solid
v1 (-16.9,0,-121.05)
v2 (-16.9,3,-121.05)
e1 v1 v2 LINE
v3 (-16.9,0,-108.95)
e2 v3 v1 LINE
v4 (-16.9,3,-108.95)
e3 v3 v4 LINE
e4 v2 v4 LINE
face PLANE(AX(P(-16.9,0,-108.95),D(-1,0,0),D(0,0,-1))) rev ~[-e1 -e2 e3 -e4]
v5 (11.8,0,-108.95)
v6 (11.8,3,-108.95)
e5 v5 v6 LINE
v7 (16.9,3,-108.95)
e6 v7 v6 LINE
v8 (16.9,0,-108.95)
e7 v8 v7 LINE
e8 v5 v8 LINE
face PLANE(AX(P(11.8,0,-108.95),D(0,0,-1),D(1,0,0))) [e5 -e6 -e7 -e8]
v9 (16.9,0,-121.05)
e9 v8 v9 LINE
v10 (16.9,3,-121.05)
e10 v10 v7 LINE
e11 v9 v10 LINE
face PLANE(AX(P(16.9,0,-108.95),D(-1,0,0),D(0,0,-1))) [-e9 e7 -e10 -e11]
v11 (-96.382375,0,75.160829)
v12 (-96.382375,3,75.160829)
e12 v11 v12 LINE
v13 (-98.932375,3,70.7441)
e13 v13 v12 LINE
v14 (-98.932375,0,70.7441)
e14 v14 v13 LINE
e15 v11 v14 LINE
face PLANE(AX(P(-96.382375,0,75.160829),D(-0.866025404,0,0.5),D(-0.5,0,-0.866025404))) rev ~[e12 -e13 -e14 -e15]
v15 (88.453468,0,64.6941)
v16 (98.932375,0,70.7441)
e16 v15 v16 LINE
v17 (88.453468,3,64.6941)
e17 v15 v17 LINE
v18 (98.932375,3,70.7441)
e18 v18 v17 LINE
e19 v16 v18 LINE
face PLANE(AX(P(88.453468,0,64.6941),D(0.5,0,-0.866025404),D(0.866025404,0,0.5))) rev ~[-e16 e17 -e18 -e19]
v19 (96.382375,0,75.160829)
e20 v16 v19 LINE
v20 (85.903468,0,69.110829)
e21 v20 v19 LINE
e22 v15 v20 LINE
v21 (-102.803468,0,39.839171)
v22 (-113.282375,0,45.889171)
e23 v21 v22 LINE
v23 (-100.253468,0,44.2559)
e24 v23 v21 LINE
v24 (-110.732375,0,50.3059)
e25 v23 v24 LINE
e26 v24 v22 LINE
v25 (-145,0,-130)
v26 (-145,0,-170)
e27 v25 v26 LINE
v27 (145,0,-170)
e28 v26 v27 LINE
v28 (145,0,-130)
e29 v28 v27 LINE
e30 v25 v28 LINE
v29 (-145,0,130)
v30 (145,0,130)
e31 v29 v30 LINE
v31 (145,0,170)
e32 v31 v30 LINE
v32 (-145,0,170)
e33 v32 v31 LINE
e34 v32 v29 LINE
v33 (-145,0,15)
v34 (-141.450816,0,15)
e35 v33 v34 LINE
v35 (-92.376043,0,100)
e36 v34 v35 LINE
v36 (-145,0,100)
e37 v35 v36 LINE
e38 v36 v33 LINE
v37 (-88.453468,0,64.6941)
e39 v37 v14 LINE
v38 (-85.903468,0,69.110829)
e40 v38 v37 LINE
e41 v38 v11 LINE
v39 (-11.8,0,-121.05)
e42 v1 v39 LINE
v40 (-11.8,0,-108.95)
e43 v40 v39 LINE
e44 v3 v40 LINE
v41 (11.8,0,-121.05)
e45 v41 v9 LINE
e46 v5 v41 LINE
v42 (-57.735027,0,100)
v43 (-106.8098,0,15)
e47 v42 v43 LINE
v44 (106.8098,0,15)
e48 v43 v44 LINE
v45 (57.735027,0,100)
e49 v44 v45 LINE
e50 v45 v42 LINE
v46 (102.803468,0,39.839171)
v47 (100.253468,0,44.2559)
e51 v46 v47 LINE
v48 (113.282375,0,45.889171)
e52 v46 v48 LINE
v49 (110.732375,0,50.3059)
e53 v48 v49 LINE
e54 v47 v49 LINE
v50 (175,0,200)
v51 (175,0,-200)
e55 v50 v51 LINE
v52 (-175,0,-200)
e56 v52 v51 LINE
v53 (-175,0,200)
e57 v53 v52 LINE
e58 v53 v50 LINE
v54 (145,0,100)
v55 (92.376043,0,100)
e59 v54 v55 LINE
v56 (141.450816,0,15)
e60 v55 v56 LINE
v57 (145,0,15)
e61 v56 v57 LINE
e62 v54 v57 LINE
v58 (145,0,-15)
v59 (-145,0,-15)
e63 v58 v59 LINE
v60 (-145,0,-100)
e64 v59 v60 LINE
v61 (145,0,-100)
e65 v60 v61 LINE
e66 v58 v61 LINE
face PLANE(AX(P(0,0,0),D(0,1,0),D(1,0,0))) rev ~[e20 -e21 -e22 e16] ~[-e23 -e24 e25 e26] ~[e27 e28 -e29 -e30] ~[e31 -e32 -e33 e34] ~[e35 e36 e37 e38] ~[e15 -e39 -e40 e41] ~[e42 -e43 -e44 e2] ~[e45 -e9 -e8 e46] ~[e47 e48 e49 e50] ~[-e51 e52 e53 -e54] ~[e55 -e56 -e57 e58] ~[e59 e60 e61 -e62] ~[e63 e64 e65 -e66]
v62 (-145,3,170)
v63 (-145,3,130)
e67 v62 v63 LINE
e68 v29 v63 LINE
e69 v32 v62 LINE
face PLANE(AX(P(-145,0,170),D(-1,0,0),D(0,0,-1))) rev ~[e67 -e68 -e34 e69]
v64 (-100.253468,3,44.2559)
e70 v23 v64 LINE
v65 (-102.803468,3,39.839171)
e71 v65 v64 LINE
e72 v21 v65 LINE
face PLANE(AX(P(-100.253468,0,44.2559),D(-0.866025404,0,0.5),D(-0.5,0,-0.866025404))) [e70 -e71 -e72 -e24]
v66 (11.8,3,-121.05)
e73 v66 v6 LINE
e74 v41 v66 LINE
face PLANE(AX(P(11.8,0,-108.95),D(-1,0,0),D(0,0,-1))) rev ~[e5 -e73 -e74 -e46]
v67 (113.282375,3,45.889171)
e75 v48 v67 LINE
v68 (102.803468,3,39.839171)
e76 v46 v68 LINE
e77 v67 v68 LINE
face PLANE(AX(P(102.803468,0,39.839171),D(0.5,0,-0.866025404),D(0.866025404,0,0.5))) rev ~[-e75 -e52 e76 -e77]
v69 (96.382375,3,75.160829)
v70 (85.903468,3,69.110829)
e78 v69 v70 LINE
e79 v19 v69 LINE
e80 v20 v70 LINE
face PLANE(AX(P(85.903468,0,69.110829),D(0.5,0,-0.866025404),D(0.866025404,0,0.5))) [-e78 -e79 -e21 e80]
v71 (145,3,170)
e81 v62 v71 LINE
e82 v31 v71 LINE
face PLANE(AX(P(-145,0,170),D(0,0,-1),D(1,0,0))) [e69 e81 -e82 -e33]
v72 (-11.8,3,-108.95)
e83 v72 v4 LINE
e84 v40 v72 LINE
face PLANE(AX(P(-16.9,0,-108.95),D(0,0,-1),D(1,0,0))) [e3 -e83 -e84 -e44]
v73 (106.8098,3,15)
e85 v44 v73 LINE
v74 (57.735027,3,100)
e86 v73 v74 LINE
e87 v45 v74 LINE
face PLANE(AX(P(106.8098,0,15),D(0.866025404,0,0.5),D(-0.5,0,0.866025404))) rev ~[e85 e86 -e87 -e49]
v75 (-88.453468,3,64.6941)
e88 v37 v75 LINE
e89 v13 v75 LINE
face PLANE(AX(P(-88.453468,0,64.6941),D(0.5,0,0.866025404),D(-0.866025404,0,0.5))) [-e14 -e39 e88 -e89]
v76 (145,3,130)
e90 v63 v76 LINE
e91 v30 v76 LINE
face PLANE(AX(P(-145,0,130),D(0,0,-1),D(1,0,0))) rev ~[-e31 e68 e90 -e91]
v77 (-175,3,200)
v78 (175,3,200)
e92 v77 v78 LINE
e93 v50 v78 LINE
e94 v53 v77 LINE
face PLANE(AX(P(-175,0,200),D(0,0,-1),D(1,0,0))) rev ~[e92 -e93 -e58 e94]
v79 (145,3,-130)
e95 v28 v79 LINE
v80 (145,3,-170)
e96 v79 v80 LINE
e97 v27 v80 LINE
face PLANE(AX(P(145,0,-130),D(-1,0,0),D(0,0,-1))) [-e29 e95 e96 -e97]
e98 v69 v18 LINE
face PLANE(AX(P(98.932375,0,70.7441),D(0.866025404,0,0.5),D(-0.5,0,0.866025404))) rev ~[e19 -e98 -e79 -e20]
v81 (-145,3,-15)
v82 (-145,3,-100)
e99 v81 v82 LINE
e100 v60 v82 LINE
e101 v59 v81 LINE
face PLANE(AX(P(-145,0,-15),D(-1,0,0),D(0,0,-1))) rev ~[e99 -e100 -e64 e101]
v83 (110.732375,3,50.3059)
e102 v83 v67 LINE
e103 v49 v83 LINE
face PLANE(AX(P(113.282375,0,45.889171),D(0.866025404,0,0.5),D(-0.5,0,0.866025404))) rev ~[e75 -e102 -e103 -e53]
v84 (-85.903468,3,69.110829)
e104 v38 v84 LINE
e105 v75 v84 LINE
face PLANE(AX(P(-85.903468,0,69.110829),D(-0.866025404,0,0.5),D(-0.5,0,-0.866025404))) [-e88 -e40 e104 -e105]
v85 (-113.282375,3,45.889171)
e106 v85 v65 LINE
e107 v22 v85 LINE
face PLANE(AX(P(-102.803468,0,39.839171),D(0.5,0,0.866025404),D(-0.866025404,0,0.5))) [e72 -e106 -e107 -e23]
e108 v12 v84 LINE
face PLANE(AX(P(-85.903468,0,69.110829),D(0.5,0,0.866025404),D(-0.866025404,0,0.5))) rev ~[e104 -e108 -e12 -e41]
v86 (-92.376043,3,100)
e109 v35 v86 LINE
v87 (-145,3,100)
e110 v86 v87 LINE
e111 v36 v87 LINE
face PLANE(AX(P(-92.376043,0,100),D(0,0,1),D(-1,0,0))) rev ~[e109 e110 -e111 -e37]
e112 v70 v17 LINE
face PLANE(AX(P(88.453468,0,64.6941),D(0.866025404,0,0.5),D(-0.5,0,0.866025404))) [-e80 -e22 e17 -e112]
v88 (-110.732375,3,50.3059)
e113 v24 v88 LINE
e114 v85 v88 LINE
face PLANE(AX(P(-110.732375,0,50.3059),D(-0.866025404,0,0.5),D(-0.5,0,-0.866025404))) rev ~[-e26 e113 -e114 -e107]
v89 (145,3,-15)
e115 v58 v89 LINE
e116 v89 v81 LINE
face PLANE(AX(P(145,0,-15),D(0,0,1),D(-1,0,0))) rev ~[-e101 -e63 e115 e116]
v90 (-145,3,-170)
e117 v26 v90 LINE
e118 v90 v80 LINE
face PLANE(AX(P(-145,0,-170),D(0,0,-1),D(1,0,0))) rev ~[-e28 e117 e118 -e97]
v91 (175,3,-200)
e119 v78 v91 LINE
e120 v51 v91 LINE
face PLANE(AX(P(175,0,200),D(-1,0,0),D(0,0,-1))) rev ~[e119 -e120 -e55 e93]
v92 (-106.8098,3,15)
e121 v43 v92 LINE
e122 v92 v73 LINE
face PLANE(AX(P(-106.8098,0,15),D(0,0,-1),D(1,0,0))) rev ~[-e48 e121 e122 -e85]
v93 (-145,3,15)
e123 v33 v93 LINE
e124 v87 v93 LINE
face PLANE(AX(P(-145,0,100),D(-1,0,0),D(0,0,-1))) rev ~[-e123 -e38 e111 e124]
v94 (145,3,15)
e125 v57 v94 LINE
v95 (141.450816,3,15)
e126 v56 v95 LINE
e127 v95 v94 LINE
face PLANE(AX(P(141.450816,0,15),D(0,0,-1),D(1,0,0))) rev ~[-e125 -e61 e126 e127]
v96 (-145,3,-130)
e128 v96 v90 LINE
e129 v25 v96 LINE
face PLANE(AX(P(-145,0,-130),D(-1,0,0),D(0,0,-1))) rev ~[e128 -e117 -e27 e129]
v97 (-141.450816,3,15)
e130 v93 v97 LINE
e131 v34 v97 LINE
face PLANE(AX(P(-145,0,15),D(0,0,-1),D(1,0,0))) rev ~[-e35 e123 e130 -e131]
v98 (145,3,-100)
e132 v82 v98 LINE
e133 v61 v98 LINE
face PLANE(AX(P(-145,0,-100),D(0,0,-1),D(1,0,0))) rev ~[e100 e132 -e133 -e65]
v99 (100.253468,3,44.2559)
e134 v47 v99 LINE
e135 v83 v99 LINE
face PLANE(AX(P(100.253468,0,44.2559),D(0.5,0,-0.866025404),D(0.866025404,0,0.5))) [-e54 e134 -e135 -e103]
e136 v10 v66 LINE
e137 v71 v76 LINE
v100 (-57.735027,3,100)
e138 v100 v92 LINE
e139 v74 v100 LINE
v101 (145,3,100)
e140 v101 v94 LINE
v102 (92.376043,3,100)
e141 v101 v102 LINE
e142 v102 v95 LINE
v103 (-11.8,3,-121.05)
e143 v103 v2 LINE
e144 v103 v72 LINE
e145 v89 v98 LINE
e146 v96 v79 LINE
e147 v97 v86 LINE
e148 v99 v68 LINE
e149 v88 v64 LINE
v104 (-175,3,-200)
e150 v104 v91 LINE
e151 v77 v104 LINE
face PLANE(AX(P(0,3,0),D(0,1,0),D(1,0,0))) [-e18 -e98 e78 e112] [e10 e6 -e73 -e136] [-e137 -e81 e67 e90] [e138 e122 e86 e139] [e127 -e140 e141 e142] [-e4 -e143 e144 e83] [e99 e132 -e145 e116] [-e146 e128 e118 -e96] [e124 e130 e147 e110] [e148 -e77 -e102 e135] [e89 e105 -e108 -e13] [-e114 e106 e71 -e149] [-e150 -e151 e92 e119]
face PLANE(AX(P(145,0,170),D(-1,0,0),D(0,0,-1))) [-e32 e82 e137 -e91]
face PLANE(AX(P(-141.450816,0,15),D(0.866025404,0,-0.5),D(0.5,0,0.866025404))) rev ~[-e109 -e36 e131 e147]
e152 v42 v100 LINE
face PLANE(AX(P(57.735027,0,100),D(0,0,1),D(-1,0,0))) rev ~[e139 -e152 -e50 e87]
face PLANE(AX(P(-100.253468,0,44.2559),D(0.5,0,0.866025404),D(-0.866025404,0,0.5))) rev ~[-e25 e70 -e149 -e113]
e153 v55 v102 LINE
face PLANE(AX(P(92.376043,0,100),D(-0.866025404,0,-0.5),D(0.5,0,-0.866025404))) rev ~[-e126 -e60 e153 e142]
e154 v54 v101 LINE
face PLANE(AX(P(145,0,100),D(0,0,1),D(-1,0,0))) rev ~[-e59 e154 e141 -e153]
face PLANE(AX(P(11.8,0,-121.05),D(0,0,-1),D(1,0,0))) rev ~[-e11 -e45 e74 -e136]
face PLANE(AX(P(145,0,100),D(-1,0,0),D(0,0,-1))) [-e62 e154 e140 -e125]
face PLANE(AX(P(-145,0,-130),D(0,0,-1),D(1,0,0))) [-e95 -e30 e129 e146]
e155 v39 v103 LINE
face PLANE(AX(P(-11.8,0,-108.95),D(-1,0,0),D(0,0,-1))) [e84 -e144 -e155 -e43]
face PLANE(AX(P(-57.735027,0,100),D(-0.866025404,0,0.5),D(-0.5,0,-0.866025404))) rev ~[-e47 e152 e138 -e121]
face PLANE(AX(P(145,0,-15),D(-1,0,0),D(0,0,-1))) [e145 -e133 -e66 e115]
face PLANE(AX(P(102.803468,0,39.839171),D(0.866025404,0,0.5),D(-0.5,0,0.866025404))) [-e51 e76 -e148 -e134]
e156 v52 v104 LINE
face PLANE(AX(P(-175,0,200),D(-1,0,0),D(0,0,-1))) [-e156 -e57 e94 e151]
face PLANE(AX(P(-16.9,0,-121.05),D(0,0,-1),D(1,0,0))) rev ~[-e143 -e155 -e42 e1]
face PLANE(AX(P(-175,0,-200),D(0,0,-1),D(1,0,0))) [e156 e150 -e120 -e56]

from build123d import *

# Parameters (mm, degrees)
CROQUIS1_W              = 350
CROQUIS1_H              = 400
CROQUIS1_W_2            = 290
CROQUIS1_H_2            = 340
CROQUIS1_H_3            = 30
SALIENTE_EXTRUIR1_DEPTH = 3
CROQUIS9_W              = 5.1
CROQUIS9_H              = 12.1
CORTAR_EXTRUIR3_DEPTH   = 4
MATRIZC2_COUNT          = 3


with BuildPart() as part:
    # Croquis1 → Saliente-Extruir1 (new body)
    with BuildSketch(Plane(origin=(0, 0, 0), x_dir=(1, 0, 0), z_dir=(0, 1, 0))):
        Rectangle(CROQUIS1_W, CROQUIS1_H)
        Rectangle(CROQUIS1_W_2, CROQUIS1_H_2, mode=Mode.SUBTRACT)
        with Locations((0, 115)):
            Rectangle(CROQUIS1_W_2, CROQUIS1_H_3)
        Polygon((-145, 15), (-145, -15), (-141.450815951, -15), (-106.8097998, -15), (106.8097998, -15), (141.450815951, -15), (145, -15), (145, 15), align=None)
        Polygon((-145, -100), (-145, -130), (145, -130), (145, -100), (92.37604307, -100), (57.735026919, -100), (-57.735026919, -100), (-92.37604307, -100), align=None)
        Polygon((-141.450815951, -15), (-92.37604307, -100), (-57.735026919, -100), (-106.8097998, -15), align=None)
        Polygon((57.735026919, -100), (92.37604307, -100), (141.450815951, -15), (106.8097998, -15), align=None)
    extrude(amount=SALIENTE_EXTRUIR1_DEPTH)

    # Croquis9 → Cortar-Extruir3 (cut, through all)
    with BuildSketch(Plane(origin=(0, 0, 0), x_dir=(1, 0, 0), z_dir=(0, 1, 0))):
        with Locations((-14.35, 115)):
            Rectangle(CROQUIS9_W, CROQUIS9_H)
        with Locations((14.35, 115)):
            Rectangle(CROQUIS9_W, CROQUIS9_H)
    cortar_extruir3 = extrude(amount=CORTAR_EXTRUIR3_DEPTH, mode=Mode.SUBTRACT)

    # MatrizC2: Cortar-Extruir3 ×3 about axis
    matrizc2_axis = Axis((0, 0, 0), (0, 1, 0))
    for i in range(1, MATRIZC2_COUNT):
        add(cortar_extruir3.rotate(matrizc2_axis, i * 360 / MATRIZC2_COUNT), mode=Mode.SUBTRACT)


solid = part.part
